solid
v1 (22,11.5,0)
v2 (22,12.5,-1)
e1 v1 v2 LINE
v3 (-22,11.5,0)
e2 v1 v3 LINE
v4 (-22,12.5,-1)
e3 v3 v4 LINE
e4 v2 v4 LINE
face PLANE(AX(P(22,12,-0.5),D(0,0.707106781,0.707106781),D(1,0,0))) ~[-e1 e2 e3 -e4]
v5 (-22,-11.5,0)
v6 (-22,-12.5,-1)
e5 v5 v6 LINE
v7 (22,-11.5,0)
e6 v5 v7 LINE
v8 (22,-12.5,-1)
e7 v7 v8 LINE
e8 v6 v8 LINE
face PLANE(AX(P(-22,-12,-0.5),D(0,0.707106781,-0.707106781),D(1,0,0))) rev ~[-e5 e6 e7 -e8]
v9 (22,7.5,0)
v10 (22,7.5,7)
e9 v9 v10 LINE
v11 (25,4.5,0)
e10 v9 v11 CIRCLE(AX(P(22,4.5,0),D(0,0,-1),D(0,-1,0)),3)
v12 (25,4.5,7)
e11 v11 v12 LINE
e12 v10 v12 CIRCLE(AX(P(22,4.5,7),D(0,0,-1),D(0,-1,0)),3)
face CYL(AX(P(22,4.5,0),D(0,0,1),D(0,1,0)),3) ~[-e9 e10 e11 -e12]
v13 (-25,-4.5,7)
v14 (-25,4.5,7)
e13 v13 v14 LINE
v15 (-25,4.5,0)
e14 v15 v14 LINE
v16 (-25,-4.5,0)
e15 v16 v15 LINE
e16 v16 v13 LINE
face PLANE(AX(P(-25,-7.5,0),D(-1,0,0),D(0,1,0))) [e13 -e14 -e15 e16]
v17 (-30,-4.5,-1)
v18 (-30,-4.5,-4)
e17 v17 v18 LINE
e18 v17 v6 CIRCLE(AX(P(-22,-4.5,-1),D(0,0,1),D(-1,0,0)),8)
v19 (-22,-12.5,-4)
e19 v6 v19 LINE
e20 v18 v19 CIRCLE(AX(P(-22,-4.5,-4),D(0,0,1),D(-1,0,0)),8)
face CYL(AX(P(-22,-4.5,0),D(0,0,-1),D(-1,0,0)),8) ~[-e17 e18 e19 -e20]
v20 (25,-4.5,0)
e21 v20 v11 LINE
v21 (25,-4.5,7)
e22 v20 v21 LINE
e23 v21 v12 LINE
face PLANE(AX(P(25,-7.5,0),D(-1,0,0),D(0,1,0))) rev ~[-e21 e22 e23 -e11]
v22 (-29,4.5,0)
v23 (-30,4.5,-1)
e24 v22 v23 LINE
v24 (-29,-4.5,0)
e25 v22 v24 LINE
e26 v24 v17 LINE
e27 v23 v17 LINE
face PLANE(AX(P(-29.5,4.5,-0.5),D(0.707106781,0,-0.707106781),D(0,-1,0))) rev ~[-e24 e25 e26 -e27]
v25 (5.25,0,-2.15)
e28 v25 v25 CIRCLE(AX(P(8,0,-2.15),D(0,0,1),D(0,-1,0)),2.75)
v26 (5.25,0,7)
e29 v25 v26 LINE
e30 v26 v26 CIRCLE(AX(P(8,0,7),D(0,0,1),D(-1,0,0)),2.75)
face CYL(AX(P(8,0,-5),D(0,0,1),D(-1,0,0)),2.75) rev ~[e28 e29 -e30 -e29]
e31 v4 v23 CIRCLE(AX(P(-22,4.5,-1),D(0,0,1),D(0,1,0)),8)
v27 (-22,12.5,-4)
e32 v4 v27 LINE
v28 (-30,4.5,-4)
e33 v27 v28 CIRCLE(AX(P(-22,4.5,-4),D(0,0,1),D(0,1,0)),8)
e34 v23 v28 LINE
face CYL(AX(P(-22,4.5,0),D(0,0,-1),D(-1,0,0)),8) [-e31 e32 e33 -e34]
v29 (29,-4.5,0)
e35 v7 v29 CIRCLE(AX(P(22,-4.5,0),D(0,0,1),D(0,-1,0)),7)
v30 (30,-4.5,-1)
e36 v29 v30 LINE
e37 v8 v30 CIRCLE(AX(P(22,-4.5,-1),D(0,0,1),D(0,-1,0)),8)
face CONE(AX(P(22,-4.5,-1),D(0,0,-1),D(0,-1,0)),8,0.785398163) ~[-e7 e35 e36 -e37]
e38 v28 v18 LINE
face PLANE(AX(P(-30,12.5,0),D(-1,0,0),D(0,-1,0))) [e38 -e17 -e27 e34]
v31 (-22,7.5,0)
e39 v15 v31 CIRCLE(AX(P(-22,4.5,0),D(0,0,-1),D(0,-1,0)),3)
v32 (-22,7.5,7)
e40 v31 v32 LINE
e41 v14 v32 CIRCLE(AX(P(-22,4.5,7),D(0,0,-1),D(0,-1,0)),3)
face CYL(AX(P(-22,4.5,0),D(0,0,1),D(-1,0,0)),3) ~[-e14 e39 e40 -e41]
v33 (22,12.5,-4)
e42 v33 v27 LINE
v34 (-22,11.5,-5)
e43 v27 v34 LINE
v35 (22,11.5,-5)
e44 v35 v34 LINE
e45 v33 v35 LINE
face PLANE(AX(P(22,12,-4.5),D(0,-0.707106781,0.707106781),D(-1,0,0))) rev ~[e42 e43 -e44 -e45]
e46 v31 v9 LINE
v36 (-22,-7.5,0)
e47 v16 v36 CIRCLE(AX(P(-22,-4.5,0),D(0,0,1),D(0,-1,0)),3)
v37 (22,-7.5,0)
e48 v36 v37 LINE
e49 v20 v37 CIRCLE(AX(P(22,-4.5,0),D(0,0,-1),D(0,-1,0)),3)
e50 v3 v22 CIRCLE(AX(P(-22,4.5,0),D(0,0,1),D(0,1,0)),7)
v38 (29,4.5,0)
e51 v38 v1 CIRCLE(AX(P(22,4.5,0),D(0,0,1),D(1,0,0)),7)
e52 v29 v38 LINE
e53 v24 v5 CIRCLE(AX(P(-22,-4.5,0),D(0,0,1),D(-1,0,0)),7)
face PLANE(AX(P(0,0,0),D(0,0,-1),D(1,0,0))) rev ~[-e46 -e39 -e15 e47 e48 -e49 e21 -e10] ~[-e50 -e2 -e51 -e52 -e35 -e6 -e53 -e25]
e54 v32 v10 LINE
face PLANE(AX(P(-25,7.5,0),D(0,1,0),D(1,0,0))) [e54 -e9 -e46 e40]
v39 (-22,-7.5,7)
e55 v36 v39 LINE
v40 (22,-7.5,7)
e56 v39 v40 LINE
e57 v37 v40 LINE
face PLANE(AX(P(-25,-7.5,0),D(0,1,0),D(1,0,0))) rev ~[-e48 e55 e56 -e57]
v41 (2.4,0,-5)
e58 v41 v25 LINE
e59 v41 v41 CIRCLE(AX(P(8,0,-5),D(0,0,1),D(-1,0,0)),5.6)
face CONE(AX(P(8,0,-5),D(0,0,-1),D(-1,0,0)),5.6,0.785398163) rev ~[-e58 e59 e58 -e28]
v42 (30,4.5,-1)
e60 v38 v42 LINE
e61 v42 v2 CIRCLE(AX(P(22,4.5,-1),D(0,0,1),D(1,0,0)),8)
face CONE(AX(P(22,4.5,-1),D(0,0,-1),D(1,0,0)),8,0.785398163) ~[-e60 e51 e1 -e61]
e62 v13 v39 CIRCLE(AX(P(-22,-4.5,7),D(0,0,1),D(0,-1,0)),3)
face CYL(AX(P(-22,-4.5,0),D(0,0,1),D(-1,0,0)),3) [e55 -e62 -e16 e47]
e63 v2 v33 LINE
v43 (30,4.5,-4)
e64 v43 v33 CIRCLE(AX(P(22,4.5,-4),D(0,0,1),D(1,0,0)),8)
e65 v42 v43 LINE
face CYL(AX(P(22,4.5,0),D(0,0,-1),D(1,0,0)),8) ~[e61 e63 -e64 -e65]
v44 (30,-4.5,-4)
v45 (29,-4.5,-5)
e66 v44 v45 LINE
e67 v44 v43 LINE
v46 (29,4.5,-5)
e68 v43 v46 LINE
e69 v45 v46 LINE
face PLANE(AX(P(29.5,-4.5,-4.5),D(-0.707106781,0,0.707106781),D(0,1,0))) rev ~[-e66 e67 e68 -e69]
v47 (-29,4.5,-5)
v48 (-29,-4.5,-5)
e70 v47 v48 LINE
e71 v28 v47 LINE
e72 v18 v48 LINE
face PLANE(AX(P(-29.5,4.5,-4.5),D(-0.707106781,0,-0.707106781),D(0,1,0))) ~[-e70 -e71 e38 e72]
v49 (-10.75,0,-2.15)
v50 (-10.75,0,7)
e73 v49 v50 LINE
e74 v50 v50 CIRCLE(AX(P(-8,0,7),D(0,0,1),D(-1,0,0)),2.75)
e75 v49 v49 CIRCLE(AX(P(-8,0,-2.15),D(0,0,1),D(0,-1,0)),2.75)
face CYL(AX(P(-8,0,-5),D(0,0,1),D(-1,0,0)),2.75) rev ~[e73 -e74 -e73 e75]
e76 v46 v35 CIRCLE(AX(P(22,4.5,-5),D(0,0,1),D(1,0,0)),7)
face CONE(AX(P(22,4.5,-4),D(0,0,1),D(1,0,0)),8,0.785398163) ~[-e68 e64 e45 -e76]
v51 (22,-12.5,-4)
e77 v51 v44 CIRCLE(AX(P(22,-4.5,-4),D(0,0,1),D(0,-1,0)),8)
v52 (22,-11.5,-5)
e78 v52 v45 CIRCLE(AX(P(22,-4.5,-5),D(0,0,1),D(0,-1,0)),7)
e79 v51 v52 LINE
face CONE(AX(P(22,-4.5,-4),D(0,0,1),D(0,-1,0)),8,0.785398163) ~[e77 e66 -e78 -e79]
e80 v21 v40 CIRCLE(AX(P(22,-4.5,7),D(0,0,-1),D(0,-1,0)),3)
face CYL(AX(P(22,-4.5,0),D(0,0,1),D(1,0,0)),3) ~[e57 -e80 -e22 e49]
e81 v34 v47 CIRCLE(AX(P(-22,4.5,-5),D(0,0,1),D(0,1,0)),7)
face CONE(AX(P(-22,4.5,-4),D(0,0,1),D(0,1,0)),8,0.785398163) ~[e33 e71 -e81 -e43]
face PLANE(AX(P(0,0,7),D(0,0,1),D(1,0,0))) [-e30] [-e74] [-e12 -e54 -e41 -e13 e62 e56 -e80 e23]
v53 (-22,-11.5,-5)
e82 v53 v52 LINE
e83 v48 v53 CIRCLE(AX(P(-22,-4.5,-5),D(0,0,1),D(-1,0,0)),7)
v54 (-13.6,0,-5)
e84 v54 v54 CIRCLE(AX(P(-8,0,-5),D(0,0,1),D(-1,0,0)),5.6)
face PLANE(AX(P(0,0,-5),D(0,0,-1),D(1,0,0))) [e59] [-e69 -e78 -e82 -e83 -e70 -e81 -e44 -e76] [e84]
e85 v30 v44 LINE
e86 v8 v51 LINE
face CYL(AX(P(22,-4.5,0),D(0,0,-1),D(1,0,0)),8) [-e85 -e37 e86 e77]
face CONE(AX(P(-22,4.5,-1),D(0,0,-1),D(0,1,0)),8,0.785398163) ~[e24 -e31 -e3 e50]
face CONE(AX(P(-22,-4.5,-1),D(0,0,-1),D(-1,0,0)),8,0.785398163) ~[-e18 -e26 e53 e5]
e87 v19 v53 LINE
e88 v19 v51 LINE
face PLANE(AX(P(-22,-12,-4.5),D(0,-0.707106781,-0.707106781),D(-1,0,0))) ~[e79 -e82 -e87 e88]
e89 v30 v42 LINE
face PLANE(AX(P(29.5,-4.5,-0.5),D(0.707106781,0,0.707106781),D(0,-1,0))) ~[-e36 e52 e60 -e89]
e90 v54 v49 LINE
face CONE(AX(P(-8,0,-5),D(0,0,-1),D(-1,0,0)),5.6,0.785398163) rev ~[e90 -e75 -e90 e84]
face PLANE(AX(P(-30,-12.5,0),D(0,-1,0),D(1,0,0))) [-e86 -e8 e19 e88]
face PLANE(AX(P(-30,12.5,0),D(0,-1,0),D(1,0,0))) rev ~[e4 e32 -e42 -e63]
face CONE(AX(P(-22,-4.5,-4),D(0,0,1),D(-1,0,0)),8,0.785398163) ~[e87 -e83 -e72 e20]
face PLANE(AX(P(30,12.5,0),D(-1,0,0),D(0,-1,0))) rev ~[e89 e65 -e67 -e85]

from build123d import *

# Parameters (mm, degrees)
F0_W           = 50
F0_H           = 15
F1_DEPTH       = 7
F2_W           = 60
F2_H           = 25
F2_W_2         = 50
F2_H_2         = 15
F3_DEPTH       = 5
F5_D           = 5.5
F5_CSINK_D     = 11.2
F5_CSINK_ANGLE = 90
F6_R           = 8
F7_R           = 3
F8_SIZE        = 1


with BuildPart() as f1:
    # F0 (on Top) → F1 (new body)
    with BuildSketch(Plane.XY):
        Rectangle(F0_W, F0_H)
    extrude(amount=F1_DEPTH)

    # F2 (on face) → F3 (join)
    with BuildSketch(Plane(origin=(0, 0, 0), x_dir=(1, 0, 0), z_dir=(0, 0, -1))):
        Rectangle(F2_W, F2_H)
        Rectangle(F2_W_2, F2_H_2, mode=Mode.SUBTRACT)
        Rectangle(F2_W_2, F2_H_2)
    extrude(amount=F3_DEPTH)

    # F5 (through all)
    with Locations(Plane(origin=(0, 0, -5), x_dir=(1, 0, 0), z_dir=(0, 0, -1))):
        with Locations((-8, 0), (8, 0)):
            CounterSinkHole(F5_D / 2, F5_CSINK_D / 2, counter_sink_angle=F5_CSINK_ANGLE)

    # F6
    f6_edges = [f1.edges().sort_by_distance(p)[0] for p in [
        (-30, -12.5, -2.5),
        (-30, 12.5, -2.5),
        (30, -12.5, -2.5),
        (30, 12.5, -2.5),
    ]]
    fillet(f6_edges, radius=F6_R)

    # F7
    f7_edges = [f1.edges().sort_by_distance(p)[0] for p in [
        (25, -7.5, 3.5),
        (25, 7.5, 3.5),
        (-25, 7.5, 3.5),
        (-25, -7.5, 3.5),
    ]]
    fillet(f7_edges, radius=F7_R)

    # F8
    f8_edges = [f1.edges().sort_by_distance(p)[0] for p in [
        (0, -12.5, -5),
        (30, 0, -5),
        (0, 12.5, -5),
        (-30, 0, -5),
        (-30, 0, 0),
        (0, 12.5, 0),
        (30, 0, 0),
        (0, -12.5, 0),
    ]]
    chamfer(f8_edges, length=F8_SIZE)


solid = f1.part
